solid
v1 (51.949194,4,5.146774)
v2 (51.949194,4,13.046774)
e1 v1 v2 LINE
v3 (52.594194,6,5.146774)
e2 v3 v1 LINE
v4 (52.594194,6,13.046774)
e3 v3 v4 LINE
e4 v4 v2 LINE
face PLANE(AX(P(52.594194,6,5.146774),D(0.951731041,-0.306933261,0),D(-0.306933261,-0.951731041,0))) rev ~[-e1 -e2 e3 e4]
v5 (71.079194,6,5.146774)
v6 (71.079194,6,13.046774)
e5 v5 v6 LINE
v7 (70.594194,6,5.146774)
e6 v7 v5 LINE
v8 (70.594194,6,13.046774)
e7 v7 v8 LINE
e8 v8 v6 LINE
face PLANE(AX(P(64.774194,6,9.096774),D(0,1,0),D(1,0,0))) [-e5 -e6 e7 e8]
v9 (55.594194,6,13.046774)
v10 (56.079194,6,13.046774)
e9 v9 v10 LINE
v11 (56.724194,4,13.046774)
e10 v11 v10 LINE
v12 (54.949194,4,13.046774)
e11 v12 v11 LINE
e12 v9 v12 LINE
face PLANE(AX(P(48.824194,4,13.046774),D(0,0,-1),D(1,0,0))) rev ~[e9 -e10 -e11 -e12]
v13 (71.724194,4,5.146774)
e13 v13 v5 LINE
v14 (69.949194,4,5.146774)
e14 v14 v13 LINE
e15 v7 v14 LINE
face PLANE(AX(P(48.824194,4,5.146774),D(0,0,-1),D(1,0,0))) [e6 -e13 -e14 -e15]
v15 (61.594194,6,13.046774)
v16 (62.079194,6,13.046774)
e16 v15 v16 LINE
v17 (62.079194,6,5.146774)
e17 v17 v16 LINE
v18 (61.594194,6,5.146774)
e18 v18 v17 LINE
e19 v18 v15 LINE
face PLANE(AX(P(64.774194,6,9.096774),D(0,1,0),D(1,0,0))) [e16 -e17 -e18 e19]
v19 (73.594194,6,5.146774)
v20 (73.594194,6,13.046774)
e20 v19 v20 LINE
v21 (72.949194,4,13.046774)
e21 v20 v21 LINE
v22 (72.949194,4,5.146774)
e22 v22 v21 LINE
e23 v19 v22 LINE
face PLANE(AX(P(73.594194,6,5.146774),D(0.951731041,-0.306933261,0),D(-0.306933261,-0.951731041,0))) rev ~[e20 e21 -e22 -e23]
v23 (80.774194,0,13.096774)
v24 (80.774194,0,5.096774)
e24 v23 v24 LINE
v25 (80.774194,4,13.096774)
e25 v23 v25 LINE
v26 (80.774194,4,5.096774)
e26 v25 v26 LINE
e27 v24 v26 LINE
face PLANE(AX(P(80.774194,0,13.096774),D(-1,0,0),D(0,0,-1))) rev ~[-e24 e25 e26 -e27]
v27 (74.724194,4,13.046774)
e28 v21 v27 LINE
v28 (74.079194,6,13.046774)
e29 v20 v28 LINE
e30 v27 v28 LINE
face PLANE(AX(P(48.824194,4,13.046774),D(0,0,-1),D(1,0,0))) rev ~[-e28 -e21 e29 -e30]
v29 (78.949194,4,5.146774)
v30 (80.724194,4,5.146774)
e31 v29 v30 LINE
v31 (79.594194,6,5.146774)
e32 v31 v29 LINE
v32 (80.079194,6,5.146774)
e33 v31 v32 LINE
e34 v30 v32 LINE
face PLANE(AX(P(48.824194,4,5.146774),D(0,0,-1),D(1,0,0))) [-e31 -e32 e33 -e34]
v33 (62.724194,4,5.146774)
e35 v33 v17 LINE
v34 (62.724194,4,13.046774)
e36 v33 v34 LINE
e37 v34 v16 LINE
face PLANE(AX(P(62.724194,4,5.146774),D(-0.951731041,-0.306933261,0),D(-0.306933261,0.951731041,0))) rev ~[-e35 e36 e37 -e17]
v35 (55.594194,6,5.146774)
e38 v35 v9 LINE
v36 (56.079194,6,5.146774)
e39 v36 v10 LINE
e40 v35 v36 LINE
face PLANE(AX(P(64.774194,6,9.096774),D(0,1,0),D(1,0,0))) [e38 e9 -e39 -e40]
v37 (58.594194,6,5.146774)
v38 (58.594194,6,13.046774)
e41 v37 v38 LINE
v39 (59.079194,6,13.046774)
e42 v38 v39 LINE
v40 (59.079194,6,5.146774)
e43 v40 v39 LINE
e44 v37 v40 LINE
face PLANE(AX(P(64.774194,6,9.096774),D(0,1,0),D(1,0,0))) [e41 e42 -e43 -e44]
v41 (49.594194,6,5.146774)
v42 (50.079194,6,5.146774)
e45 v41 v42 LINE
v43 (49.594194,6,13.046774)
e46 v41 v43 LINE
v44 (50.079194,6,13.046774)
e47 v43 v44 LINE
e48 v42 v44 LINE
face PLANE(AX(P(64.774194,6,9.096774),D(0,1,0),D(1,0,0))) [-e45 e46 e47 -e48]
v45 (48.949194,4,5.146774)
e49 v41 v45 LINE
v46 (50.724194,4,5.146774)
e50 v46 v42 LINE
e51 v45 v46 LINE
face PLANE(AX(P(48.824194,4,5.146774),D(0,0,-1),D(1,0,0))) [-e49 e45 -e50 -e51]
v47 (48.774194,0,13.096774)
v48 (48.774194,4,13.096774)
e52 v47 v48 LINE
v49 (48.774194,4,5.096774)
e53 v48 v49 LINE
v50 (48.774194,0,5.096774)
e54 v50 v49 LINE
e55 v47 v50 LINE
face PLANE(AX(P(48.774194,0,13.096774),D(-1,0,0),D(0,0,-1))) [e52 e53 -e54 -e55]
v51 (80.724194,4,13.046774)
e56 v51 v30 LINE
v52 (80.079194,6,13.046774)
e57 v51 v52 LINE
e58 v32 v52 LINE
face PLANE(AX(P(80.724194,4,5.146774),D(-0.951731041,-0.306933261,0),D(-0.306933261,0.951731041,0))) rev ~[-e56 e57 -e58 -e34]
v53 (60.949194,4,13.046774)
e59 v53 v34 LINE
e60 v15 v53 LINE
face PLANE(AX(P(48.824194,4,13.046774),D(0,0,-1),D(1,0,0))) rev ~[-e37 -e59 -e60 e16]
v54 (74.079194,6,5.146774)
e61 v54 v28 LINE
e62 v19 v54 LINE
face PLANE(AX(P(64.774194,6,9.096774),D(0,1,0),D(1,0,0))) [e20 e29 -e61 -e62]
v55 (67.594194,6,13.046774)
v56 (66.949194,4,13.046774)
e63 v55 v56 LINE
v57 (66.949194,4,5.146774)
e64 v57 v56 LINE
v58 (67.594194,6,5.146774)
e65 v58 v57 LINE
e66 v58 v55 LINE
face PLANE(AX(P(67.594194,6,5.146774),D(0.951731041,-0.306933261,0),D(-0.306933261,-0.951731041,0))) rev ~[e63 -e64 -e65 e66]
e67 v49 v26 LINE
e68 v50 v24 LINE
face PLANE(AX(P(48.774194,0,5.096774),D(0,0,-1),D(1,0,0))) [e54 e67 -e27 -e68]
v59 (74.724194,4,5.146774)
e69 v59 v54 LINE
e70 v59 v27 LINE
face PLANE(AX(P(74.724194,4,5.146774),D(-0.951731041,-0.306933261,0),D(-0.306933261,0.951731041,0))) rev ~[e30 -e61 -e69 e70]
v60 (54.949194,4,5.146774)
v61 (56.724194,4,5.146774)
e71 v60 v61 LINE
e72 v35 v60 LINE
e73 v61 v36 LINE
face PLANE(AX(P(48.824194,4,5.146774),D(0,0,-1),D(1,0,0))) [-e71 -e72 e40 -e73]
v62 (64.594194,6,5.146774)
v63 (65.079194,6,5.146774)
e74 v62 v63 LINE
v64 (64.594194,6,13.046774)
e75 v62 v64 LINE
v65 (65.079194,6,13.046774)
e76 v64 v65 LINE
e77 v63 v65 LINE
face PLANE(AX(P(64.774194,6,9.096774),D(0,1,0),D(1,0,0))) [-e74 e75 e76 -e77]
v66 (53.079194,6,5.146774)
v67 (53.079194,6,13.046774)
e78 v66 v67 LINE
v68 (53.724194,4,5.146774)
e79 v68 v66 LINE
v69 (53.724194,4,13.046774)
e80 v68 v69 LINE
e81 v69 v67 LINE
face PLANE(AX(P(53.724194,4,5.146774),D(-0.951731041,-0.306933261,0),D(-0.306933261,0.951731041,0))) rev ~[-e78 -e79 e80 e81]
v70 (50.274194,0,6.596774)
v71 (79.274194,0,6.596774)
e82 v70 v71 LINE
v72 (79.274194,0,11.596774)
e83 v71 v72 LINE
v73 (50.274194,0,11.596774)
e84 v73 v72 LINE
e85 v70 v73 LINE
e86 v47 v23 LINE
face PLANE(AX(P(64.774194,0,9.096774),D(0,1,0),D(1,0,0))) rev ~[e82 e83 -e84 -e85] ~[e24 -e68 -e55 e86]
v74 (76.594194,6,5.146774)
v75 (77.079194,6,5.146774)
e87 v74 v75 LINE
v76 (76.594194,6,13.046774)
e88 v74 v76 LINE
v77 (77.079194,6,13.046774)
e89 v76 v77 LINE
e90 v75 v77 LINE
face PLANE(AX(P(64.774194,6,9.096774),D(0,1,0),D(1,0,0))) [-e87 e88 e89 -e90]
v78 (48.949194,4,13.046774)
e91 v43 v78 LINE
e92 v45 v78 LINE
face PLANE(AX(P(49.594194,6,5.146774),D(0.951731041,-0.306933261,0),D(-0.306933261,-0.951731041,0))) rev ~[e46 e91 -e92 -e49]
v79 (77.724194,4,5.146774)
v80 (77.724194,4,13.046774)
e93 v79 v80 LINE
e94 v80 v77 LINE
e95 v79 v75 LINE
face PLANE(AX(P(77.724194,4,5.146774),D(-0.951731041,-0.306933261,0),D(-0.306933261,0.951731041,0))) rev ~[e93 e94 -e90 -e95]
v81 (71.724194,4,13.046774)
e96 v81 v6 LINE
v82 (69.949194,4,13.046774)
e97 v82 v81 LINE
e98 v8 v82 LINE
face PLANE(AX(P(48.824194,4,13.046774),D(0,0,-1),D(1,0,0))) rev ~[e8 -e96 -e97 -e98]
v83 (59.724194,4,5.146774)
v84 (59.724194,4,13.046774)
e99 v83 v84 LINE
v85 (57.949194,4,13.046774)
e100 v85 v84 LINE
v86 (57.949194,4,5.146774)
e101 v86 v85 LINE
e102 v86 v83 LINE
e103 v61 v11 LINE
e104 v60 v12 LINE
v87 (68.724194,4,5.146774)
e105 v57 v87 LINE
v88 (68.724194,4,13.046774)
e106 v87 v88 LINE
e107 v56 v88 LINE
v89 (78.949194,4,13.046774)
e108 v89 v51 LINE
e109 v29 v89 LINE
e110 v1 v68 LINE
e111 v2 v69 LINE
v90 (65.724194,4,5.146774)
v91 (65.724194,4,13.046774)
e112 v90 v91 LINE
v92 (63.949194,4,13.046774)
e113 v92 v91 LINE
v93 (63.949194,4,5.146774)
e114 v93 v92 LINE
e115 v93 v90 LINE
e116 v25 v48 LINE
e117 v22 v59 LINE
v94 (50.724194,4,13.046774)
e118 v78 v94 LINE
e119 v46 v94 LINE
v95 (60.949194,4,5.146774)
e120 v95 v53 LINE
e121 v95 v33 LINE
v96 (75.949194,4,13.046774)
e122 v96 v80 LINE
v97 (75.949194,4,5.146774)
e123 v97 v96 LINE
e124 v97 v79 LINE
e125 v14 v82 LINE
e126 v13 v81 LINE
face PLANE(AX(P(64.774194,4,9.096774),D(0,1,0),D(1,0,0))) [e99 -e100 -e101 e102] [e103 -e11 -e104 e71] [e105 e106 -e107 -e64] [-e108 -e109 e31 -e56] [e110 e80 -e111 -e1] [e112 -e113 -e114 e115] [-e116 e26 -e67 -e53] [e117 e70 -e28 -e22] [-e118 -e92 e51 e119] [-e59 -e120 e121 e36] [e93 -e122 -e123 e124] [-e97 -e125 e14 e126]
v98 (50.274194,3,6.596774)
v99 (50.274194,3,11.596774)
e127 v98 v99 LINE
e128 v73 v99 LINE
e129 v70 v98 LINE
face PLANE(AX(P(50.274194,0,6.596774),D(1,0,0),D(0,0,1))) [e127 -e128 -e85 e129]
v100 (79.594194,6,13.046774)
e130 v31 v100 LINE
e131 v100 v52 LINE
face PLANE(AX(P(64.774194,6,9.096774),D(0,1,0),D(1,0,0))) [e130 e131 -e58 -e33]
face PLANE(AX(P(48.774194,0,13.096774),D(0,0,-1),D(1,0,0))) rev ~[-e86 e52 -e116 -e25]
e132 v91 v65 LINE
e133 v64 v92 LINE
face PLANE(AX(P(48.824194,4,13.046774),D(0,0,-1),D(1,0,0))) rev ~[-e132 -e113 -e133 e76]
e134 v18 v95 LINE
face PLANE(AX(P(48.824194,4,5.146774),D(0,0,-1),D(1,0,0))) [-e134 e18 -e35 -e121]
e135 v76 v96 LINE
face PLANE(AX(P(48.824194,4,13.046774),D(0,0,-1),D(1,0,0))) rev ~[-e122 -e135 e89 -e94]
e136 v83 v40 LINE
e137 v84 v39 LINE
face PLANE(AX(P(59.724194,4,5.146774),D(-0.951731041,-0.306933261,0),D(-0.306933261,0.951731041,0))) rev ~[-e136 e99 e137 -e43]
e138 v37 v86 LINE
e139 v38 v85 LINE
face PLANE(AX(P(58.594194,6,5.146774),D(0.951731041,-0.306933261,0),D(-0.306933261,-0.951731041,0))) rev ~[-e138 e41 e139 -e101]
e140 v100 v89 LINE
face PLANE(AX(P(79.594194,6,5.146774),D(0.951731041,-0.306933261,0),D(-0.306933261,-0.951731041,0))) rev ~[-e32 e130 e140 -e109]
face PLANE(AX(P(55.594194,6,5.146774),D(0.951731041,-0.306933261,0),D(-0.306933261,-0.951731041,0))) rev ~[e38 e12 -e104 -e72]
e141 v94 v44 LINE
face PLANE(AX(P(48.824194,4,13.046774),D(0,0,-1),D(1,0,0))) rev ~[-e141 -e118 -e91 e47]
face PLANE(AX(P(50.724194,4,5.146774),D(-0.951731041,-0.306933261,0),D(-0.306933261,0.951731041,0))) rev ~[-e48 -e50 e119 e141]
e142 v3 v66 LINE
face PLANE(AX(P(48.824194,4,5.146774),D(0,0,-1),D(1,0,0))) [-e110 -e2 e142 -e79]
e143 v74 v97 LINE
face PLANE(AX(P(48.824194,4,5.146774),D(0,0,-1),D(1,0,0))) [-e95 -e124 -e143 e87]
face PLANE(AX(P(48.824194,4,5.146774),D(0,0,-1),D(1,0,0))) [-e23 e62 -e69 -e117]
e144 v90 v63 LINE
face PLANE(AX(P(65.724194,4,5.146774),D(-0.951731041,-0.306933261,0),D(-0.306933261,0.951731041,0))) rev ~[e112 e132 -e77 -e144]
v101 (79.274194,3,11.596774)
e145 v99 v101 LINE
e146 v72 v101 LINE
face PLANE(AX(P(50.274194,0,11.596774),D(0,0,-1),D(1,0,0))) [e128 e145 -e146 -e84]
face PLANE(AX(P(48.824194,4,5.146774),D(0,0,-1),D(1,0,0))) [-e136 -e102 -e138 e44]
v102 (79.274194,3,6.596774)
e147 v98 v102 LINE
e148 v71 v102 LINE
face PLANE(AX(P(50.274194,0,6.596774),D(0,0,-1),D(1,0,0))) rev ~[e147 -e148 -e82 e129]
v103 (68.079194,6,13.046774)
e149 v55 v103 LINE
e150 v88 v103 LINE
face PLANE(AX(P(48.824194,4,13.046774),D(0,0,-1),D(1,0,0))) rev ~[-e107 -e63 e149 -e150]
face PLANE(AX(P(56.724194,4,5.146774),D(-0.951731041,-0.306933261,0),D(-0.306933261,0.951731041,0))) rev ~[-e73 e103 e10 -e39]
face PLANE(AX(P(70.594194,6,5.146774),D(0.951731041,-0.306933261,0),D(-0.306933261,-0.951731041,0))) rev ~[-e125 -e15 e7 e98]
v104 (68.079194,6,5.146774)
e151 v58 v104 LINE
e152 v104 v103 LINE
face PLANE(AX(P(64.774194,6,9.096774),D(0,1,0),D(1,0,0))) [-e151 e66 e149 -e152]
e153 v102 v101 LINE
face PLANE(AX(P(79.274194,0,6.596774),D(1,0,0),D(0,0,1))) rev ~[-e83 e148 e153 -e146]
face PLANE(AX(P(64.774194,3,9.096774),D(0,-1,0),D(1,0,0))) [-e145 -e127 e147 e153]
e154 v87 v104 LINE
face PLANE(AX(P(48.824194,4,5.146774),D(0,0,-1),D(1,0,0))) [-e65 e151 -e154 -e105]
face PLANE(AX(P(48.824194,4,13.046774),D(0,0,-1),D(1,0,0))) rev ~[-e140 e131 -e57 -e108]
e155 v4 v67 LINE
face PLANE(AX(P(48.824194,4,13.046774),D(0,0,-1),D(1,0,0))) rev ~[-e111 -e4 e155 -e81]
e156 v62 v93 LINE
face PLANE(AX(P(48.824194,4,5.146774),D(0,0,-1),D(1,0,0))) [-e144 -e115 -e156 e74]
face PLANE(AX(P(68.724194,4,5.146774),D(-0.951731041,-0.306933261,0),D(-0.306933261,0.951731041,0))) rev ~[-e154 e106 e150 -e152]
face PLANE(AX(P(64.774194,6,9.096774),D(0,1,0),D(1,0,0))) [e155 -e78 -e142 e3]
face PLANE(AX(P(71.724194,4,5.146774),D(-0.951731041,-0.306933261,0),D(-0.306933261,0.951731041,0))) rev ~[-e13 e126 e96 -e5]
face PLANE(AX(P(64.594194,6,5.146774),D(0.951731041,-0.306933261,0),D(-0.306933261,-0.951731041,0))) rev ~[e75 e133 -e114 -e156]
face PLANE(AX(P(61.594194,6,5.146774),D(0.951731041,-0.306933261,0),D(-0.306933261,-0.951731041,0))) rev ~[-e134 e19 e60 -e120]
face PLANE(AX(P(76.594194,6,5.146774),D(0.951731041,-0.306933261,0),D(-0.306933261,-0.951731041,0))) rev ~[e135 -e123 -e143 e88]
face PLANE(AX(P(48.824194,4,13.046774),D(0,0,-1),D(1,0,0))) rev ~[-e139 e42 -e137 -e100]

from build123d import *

# Parameters (mm, degrees)
SKETCH1_W           = 32
SKETCH1_H           = 8
BOSS_EXTRUDE1_DEPTH = 4
SKETCH2_W           = 31.9
SKETCH2_H           = 7.9
BOSS_EXTRUDE2_DEPTH = 2
SKETCH4_W           = 29
SKETCH4_H           = 5
CUT_EXTRUDE2_DEPTH  = 3
CUT_EXTRUDE3_DEPTH  = 10


with BuildPart() as part:
    # Sketch1 → Boss-Extrude1 (new body)
    with BuildSketch(Plane(origin=(0, 0, 0), x_dir=(1, 0, 0), z_dir=(0, 1, 0))):
        with Locations((64.774193548, -9.096774194)):
            Rectangle(SKETCH1_W, SKETCH1_H)
    extrude(amount=BOSS_EXTRUDE1_DEPTH)

    # Sketch2 → Boss-Extrude2 (add)
    with BuildSketch(Plane(origin=(0, 4, 0), x_dir=(1, 0, 0), z_dir=(0, 1, 0))):
        with Locations((64.774193548, -9.096774194)):
            Rectangle(SKETCH2_W, SKETCH2_H)
    extrude(amount=BOSS_EXTRUDE2_DEPTH)

    # Sketch4 → Cut-Extrude2 (cut)
    with BuildSketch(Plane.XZ):
        with Locations((64.774193548, 9.096774194)):
            Rectangle(SKETCH4_W, SKETCH4_H)
    extrude(amount=-CUT_EXTRUDE2_DEPTH, mode=Mode.SUBTRACT)

    # Sketch3 → Cut-Extrude3 (cut)
    with BuildSketch(Plane(origin=(0, 0, 5.146774194), x_dir=(-1, 0, 0), z_dir=(0, 0, -1))):
        Polygon((-77.724193548, 4), (-77.079193548, 6), (-79.594193548, 6), (-78.949193548, 4), align=None)
        Polygon((-82.594193548, 6), (-81.949193548, 4), (-80.724193548, 4), (-80.079193548, 6), align=None)
        Polygon((-74.724193548, 4), (-74.079193548, 6), (-76.594193548, 6), (-75.949193548, 4), align=None)
        Polygon((-71.724193548, 4), (-71.079193548, 6), (-73.594193548, 6), (-72.949193548, 4), align=None)
        Polygon((-68.724193548, 4), (-68.079193548, 6), (-70.594193548, 6), (-69.949193548, 4), align=None)
        Polygon((-65.724193548, 4), (-65.079193548, 6), (-67.594193548, 6), (-66.949193548, 4), align=None)
        Polygon((-62.724193548, 4), (-62.079193548, 6), (-64.594193548, 6), (-63.949193548, 4), align=None)
        Polygon((-59.724193548, 4), (-59.079193548, 6), (-61.594193548, 6), (-60.949193548, 4), align=None)
        Polygon((-56.724193548, 4), (-56.079193548, 6), (-58.594193548, 6), (-57.949193548, 4), align=None)
        Polygon((-53.724193548, 4), (-53.079193548, 6), (-55.594193548, 6), (-54.949193548, 4), align=None)
        Polygon((-50.724193548, 4), (-50.079193548, 6), (-52.594193548, 6), (-51.949193548, 4), align=None)
        Polygon((-47.724193548, 4), (-47.079193548, 6), (-49.594193548, 6), (-48.949193548, 4), align=None)
        Polygon((-44.724193548, 4), (-44.079193548, 6), (-46.594193548, 6), (-45.949193548, 4), align=None)
    extrude(amount=-CUT_EXTRUDE3_DEPTH, mode=Mode.SUBTRACT)


solid = part.part
